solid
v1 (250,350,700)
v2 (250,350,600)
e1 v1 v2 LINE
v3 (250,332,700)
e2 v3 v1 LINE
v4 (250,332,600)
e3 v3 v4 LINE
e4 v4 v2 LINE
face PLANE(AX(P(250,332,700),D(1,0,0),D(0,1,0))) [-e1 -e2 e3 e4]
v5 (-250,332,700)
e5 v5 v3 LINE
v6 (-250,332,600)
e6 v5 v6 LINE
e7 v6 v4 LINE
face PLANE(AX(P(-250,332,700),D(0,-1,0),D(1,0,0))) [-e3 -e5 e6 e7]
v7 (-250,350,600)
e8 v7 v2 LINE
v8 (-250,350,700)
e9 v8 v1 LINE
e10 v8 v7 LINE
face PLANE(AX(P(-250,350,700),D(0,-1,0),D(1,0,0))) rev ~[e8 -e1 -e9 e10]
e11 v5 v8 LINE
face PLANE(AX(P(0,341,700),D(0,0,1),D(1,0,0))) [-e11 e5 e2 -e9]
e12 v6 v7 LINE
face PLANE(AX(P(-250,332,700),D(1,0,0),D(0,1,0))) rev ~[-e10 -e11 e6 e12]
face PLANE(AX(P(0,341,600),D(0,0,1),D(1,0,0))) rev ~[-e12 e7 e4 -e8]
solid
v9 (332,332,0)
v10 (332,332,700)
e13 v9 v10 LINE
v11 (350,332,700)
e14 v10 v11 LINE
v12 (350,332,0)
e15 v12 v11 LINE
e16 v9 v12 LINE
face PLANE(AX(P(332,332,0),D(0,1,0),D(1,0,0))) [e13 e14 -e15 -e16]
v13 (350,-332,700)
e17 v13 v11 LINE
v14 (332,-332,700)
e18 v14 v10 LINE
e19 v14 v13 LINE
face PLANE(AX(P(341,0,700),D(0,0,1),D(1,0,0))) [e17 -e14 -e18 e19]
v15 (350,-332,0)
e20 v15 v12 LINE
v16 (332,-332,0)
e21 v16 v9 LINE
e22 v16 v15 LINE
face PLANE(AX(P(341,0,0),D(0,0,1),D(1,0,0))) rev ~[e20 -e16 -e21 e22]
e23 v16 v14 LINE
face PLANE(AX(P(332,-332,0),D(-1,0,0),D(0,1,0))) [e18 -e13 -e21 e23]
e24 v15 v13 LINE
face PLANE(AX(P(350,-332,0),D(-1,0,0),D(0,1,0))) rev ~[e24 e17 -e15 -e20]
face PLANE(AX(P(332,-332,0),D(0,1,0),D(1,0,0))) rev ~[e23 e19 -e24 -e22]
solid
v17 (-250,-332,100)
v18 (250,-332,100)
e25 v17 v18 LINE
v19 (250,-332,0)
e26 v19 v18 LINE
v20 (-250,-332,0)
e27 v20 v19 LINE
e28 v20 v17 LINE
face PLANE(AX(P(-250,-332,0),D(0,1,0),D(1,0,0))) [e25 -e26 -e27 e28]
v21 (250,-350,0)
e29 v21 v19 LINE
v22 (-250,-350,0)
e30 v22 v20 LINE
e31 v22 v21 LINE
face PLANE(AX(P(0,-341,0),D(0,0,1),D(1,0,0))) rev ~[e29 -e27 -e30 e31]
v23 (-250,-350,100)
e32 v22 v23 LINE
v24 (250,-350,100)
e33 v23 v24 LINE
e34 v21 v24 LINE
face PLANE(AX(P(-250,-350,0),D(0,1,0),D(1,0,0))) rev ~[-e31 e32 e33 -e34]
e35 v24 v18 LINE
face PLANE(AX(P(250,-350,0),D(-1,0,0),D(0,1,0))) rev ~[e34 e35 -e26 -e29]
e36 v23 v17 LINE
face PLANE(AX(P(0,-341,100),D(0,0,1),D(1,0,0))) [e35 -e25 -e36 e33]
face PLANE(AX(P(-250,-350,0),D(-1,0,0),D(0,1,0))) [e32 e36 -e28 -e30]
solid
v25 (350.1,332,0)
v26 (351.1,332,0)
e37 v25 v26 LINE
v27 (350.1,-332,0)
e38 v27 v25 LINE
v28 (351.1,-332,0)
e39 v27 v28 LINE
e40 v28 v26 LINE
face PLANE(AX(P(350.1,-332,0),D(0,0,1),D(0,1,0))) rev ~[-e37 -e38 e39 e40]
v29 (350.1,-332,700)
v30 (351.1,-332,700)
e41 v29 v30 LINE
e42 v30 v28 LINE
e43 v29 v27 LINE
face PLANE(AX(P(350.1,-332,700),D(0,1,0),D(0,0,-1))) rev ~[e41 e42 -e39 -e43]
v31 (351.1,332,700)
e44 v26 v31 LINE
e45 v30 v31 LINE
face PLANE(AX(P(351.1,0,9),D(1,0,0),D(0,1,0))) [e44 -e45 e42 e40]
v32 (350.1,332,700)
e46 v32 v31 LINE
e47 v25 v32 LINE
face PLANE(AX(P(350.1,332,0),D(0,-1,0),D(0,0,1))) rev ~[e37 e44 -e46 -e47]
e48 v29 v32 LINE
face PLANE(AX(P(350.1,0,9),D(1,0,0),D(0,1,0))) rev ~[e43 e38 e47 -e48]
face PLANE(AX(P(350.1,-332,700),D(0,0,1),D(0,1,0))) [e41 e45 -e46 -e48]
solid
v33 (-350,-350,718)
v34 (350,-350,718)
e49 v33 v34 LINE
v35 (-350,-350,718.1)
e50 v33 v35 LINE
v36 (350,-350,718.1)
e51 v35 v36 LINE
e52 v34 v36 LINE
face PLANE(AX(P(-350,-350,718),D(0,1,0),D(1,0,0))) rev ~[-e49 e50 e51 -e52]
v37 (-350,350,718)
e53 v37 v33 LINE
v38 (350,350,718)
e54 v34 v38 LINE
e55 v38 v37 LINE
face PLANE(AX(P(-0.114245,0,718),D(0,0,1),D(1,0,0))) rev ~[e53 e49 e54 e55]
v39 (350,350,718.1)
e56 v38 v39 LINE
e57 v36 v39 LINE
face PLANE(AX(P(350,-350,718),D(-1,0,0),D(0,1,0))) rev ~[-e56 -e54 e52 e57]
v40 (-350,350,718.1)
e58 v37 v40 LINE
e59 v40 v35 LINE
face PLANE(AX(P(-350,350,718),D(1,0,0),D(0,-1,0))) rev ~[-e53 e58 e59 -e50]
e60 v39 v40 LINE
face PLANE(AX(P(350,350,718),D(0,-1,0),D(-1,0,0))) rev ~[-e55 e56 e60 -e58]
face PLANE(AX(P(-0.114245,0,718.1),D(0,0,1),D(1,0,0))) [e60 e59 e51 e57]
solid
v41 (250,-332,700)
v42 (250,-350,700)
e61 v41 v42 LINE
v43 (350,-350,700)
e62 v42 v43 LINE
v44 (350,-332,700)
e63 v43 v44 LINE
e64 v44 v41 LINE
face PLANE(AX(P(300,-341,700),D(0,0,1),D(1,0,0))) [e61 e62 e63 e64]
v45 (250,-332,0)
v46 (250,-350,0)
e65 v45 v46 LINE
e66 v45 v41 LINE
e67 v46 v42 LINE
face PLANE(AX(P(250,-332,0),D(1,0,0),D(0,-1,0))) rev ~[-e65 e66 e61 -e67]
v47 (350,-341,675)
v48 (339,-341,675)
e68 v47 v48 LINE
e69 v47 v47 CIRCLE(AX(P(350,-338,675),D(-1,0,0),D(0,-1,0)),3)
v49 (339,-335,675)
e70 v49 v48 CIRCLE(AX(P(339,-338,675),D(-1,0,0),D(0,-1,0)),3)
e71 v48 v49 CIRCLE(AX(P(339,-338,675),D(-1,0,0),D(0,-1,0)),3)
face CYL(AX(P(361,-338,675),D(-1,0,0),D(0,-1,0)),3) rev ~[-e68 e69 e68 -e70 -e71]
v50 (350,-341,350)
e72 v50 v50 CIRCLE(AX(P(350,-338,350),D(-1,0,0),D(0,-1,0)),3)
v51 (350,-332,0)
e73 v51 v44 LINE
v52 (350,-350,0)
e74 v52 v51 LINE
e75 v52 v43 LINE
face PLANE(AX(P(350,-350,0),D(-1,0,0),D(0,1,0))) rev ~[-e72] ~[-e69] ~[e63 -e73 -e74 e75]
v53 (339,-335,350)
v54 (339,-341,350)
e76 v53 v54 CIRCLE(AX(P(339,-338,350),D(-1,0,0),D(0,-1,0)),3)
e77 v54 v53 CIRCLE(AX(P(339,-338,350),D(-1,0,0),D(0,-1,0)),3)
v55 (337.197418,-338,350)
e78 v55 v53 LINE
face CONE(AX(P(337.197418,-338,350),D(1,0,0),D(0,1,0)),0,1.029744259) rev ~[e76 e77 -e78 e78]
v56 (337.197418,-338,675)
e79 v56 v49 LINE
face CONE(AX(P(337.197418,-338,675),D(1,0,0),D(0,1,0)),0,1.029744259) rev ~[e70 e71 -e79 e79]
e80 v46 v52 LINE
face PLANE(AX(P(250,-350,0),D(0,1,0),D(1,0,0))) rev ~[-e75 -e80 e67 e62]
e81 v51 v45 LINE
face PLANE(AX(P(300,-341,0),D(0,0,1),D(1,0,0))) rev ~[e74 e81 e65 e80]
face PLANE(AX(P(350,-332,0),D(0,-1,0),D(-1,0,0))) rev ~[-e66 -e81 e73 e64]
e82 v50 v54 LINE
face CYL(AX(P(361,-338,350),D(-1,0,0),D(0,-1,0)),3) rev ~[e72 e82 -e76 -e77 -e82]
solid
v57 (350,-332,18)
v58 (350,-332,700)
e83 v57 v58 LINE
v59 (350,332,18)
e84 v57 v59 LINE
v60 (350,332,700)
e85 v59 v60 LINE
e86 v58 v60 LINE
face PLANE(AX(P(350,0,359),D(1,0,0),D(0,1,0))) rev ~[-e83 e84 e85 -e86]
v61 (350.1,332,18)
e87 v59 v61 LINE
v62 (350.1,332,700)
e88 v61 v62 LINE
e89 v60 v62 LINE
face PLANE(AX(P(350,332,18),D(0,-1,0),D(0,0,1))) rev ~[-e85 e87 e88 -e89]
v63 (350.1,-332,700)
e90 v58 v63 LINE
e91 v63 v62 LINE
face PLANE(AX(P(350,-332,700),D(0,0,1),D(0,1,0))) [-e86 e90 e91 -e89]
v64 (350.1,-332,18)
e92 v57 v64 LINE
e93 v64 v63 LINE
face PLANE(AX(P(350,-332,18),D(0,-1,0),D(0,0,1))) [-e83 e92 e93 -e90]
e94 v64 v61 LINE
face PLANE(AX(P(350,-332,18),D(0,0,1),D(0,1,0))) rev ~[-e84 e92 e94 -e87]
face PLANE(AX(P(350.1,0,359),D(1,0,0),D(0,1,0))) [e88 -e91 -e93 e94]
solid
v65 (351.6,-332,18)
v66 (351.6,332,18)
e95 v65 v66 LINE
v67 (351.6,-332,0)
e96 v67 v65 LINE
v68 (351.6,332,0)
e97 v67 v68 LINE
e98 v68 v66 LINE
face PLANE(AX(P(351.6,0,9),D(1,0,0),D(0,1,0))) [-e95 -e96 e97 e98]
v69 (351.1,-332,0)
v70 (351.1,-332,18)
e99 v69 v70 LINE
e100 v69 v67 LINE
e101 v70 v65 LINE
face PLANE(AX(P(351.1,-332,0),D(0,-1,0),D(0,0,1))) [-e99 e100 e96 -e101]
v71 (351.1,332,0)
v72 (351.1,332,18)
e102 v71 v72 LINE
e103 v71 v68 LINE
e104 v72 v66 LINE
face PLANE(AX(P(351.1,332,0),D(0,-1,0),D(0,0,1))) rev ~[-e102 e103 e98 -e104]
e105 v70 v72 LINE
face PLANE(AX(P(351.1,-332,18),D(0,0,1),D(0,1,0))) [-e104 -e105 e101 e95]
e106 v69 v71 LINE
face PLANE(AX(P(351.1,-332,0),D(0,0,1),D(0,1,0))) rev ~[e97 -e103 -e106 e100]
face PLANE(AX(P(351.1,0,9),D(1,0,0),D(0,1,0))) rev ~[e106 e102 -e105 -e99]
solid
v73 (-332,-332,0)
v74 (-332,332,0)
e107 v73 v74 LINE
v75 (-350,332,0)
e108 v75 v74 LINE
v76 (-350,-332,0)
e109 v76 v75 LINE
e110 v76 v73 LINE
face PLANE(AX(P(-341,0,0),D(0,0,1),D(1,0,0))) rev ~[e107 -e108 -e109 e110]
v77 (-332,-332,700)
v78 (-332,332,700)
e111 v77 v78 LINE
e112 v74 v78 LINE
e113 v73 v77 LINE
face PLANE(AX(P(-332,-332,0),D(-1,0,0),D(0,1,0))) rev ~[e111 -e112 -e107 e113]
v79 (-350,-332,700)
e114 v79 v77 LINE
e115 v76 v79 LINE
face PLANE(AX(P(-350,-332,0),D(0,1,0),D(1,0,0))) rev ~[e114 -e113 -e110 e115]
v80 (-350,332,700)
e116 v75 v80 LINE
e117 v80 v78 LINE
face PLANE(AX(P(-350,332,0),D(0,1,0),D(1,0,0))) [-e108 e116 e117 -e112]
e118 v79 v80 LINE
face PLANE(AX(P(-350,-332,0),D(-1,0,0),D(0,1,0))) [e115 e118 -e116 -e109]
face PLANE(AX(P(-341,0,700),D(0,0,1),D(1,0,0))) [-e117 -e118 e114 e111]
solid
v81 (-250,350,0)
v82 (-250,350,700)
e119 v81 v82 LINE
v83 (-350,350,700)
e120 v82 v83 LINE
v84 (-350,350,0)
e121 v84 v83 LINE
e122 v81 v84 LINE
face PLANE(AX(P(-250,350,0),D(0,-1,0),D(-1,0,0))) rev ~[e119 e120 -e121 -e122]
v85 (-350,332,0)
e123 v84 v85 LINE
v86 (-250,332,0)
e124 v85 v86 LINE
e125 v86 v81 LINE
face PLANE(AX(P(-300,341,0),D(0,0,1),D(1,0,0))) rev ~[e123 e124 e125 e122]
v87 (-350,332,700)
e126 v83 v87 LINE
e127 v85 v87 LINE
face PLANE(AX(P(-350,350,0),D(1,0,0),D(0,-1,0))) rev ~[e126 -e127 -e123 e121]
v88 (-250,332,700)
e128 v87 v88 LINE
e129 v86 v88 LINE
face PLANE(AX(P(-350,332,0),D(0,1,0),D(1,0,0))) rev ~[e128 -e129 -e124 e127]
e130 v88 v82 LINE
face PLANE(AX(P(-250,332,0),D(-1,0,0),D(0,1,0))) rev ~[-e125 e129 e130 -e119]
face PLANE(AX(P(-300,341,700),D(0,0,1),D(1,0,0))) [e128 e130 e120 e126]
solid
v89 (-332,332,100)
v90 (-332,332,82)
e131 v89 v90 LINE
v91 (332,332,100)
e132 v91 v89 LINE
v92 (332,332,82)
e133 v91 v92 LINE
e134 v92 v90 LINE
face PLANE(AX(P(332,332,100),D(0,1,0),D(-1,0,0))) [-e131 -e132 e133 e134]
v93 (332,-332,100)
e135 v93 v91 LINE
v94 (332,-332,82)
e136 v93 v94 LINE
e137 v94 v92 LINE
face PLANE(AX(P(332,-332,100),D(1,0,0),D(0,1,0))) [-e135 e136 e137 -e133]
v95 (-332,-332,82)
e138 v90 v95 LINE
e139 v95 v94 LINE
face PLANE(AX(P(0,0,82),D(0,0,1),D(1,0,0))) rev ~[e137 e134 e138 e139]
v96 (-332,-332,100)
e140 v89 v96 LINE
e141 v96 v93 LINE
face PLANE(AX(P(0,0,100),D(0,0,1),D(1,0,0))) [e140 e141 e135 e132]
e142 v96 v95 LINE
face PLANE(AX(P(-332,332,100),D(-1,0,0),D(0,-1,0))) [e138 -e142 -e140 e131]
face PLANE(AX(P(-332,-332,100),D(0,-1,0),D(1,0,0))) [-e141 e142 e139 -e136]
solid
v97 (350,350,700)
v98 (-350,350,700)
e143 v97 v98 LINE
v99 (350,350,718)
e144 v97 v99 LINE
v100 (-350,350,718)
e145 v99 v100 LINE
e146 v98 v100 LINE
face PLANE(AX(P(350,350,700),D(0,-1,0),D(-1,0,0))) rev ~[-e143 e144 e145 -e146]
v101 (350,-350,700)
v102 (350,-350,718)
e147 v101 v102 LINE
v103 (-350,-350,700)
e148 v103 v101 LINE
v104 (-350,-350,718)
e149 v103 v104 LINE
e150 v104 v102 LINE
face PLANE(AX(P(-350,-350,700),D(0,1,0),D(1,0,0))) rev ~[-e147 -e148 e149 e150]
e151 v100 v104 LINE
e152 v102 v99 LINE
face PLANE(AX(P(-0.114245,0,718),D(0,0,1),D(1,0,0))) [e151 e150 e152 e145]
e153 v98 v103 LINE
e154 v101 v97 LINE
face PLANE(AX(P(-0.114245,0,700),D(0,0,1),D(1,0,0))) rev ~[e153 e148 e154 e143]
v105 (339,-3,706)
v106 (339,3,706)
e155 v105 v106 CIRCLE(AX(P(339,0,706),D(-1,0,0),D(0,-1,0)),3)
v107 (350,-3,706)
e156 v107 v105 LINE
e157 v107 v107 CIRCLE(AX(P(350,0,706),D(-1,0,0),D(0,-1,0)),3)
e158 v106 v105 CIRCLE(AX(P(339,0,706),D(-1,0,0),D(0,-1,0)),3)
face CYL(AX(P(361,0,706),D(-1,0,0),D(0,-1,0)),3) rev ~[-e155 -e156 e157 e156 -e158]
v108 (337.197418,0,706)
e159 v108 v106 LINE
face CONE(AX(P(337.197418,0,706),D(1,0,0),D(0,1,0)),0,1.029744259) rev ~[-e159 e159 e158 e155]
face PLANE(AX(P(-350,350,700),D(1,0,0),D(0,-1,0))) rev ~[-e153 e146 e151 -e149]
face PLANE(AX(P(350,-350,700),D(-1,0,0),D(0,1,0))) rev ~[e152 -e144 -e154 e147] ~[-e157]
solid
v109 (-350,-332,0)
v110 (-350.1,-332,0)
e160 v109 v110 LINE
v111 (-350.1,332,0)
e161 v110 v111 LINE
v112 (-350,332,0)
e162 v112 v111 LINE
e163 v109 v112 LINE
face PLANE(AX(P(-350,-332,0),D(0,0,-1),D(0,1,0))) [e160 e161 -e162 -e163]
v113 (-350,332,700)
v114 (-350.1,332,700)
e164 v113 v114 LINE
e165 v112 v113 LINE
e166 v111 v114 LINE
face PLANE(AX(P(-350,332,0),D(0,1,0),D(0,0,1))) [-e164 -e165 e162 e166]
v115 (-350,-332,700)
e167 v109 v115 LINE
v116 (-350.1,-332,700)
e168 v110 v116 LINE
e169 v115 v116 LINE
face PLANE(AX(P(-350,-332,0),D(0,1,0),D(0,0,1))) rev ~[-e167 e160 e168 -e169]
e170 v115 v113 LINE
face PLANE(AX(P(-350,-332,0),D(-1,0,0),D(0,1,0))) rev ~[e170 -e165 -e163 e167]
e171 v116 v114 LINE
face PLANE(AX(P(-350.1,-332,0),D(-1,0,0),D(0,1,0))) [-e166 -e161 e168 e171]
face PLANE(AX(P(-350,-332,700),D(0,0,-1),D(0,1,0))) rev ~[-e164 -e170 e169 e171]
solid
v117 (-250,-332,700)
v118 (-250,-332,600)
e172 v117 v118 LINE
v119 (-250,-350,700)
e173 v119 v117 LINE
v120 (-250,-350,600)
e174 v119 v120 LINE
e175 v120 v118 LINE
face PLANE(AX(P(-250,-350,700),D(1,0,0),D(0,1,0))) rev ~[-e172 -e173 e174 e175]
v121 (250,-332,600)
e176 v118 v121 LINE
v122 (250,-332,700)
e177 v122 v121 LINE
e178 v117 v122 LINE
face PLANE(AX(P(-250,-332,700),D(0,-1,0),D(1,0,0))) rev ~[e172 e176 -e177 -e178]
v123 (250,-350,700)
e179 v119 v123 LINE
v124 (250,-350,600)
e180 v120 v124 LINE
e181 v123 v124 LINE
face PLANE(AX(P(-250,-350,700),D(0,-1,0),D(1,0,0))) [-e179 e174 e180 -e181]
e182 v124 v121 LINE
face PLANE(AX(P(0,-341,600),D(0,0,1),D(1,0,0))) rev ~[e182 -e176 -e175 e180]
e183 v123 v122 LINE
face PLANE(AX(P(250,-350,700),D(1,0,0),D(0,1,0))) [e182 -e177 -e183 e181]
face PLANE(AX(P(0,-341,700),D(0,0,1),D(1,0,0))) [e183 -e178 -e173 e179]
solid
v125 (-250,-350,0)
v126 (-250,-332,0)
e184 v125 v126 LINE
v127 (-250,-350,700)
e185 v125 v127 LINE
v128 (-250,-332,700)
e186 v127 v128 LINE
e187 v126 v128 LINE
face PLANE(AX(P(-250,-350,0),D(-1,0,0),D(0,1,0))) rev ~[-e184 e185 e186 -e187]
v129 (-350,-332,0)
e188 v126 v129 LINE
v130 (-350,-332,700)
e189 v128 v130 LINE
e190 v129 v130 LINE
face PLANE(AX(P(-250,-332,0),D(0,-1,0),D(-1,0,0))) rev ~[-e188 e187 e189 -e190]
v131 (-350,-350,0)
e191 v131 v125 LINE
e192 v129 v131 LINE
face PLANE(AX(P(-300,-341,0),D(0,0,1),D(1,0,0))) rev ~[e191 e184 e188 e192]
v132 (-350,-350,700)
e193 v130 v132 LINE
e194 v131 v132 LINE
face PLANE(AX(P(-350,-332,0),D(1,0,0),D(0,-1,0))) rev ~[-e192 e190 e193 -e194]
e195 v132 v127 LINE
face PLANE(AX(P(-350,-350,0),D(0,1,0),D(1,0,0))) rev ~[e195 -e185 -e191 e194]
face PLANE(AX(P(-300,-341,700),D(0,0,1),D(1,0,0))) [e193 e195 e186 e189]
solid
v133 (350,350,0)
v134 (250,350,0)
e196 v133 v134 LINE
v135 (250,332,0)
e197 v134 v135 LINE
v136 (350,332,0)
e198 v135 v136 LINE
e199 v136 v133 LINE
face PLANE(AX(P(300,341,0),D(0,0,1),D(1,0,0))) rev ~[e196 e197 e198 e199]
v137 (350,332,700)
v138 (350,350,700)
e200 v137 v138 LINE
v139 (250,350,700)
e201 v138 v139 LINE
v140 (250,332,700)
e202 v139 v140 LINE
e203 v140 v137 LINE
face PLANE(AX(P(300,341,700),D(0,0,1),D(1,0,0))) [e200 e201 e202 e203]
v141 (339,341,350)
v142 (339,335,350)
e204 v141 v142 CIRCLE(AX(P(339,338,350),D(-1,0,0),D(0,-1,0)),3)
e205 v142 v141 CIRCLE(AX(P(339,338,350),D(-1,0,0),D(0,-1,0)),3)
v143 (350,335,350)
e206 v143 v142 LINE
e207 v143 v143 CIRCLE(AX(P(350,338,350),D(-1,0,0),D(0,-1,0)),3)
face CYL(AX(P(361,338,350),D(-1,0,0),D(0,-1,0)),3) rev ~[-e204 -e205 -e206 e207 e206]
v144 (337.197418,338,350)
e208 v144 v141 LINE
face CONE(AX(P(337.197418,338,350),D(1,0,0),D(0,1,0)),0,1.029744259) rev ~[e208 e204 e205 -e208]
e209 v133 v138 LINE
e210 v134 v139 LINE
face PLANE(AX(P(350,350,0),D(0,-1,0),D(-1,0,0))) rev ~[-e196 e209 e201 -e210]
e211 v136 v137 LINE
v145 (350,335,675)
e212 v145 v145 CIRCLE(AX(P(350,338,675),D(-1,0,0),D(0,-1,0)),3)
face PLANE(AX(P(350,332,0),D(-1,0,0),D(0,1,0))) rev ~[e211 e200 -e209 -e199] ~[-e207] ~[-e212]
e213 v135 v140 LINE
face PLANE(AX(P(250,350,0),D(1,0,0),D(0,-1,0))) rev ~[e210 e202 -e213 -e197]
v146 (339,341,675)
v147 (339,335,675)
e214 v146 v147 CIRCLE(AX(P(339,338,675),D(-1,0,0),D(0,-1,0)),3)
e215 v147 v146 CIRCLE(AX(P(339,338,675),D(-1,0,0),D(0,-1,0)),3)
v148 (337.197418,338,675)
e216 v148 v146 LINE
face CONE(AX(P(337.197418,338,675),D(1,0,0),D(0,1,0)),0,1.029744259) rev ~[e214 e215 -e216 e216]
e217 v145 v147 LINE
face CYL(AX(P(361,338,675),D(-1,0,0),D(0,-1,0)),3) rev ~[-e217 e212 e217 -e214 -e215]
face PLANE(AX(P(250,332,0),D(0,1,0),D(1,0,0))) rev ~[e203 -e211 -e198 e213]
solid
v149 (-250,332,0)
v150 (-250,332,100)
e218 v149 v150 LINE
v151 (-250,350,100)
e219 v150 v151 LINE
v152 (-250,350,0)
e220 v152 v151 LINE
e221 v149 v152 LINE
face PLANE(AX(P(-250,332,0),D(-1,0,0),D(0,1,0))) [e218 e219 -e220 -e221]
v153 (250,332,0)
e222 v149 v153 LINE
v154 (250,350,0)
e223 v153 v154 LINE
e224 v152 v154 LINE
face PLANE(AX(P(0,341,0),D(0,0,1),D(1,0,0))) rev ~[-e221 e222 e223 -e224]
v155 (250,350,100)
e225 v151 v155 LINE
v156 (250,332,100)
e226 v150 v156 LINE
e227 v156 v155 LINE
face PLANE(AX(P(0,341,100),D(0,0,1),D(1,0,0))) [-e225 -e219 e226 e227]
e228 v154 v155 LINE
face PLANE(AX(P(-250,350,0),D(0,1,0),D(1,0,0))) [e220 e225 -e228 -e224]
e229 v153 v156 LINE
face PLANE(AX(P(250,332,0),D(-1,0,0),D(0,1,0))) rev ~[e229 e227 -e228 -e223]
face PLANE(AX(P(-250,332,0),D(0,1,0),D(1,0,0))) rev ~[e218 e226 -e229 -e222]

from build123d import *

# Parameters (mm, degrees)
F1_DEPTH    = 700
F0_W        = 18
F0_H        = 664
F2_DEPTH    = 700
F0_W_2      = 500
F0_H_2      = 18
F3_DEPTH    = 100
F4_W        = 500
F4_H        = 18
F5_DEPTH    = 100
F7_DEPTH    = 18
F8_W        = 18
F8_H        = 664
F9_DEPTH    = 18
F10_DEPTH   = 0.1
F11_DEPTH   = 0.1
F12_W       = 664
F12_H       = 682
F13_DEPTH   = 0.1
F14_W       = 664
F14_H       = 18
F14_H_2     = 682
F15_DEPTH   = 1
F16_W       = 664
F16_H       = 18
F17_DEPTH   = 0.5
F19_D       = 6
F19_DEPTH   = 11
F19_TIP     = 1.8025818571
F19_2_D     = 6
F19_2_DEPTH = 11
F19_2_TIP   = 1.8025818571
F19_3_D     = 6
F19_3_DEPTH = 11
F19_3_TIP   = 1.8025818571


with BuildPart() as f1:
    # F0 (on Top) → F1 (new body)
    with BuildSketch(Plane.XY):
        Polygon((-350, -350), (-250, -350), (-250, -332), (-332, -332), (-350, -332), align=None)
    extrude(amount=F1_DEPTH)


with BuildPart() as f1b:
    # F0 (on Top) → F1, piece 2 (new body)
    with BuildSketch(Plane.XY):
        Polygon((250, -350), (350, -350), (350, -332), (332, -332), (250, -332), align=None)
    extrude(amount=F1_DEPTH)

    # F19
    with Locations(Plane.YZ.offset(350)):
        with Locations((-338, 675), (0, 706), (338, 675), (338, 350), (-338, 350)):
            Hole(F19_D / 2, depth=F19_DEPTH)
            with Locations((0, 0, -(F19_DEPTH + F19_TIP / 2))):  # 118° drill point
                Cone(0, F19_D / 2, F19_TIP, mode=Mode.SUBTRACT)


with BuildPart() as f1c:
    # F0 (on Top) → F1, piece 3 (new body)
    with BuildSketch(Plane.XY):
        Polygon((332, 332), (350, 332), (350, 350), (250, 350), (250, 332), align=None)
    extrude(amount=F1_DEPTH)

    # F19#2
    with Locations(Plane.YZ.offset(350)):
        with Locations((-338, 675), (0, 706), (338, 675), (338, 350), (-338, 350)):
            Hole(F19_2_D / 2, depth=F19_2_DEPTH)
            with Locations((0, 0, -(F19_2_DEPTH + F19_2_TIP / 2))):  # 118° drill point
                Cone(0, F19_2_D / 2, F19_2_TIP, mode=Mode.SUBTRACT)


with BuildPart() as f1d:
    # F0 (on Top) → F1, piece 4 (new body)
    with BuildSketch(Plane.XY):
        Polygon((-350, 350), (-350, 332), (-332, 332), (-250, 332), (-250, 350), align=None)
    extrude(amount=F1_DEPTH)


with BuildPart() as f2:
    # F0 (on Top) → F2 (new body, through all)
    with BuildSketch(Plane.XY):
        with Locations((-341, 0)):
            Rectangle(F0_W, F0_H)
    extrude(amount=F2_DEPTH)


with BuildPart() as f2b:
    # F0 (on Top) → F2, piece 2 (new body, through all)
    with BuildSketch(Plane.XY):
        with Locations((341, 0)):
            Rectangle(F0_W, F0_H)
    extrude(amount=F2_DEPTH)


with BuildPart() as f3:
    # F0 (on Top) → F3 (new body)
    with BuildSketch(Plane.XY):
        with Locations((0, -341)):
            Rectangle(F0_W_2, F0_H_2)
    extrude(amount=F3_DEPTH)


with BuildPart() as f3b:
    # F0 (on Top) → F3, piece 2 (new body)
    with BuildSketch(Plane.XY):
        with Locations((0, 341)):
            Rectangle(F0_W_2, F0_H_2)
    extrude(amount=F3_DEPTH)


with BuildPart() as f5:
    # F4 (on face) → F5 (new body)
    with BuildSketch(Plane.XY.offset(700)):
        with Locations((0, 341)):
            Rectangle(F4_W, F4_H)
    extrude(amount=-F5_DEPTH)


with BuildPart() as f5b:
    # F4 (on face) → F5, piece 2 (new body)
    with BuildSketch(Plane.XY.offset(700)):
        with Locations((0, -341)):
            Rectangle(F4_W, F4_H)
    extrude(amount=-F5_DEPTH)


with BuildPart() as f7:
    # F6 (on face) → F7 (new body)
    with BuildSketch(Plane.XY.offset(100)):
        Polygon((332, -332), (332, 332), (250, 332), (-250, 332), (-332, 332), (-332, -332), align=None)
    extrude(amount=-F7_DEPTH)


with BuildPart() as f9:
    # F8 (on face) → F9 (new body)
    with BuildSketch(Plane.XY.offset(700)):
        Polygon((250, 350), (-250, 350), (-350, 350), (-350, 332), (-332, 332), (-332, -332), (-350, -332), (-350, -350), (-250, -350), (250, -350), (350, -350), (350, -332), (350, 332), (350, 350), align=None)
        with Locations((-341, 0)):
            Rectangle(F8_W, F8_H)
    extrude(amount=F9_DEPTH)


with BuildPart() as f10:
    # F10 (new): a face of the model
    f10_faces = [f9.part.faces().sort_by_distance(p)[0] for p in [
        (0, 0, 718),
    ]]
    extrude(f10_faces, amount=F10_DEPTH)


with BuildPart() as f11:
    # F11 (new): a face of the model
    f11_faces = [f2.part.faces().sort_by_distance(p)[0] for p in [
        (-350, 0, 350),
    ]]
    extrude(f11_faces, amount=F11_DEPTH)


with BuildPart() as f13:
    # F12 (on face) → F13 (new body)
    with BuildSketch(Plane.YZ.offset(350)):
        with Locations((0, 359)):
            Rectangle(F12_W, F12_H)
    extrude(amount=F13_DEPTH)


with BuildPart() as f15:
    # F14 (on face) → F15 (new body)
    with BuildSketch(Plane.YZ.offset(350.1)):
        with Locations((0, 9)):
            Rectangle(F14_W, F14_H)
        with Locations((0, 359)):
            Rectangle(F14_W, F14_H_2)
    extrude(amount=F15_DEPTH)


with BuildPart() as f17:
    # F16 (on face) → F17 (new body)
    with BuildSketch(Plane.YZ.offset(351.1)):
        with Locations((0, 9)):
            Rectangle(F16_W, F16_H)
    extrude(amount=F17_DEPTH)


with BuildPart() as f9_1:
    add(f9.part)

    # F19#3
    with Locations(Plane.YZ.offset(350)):
        with Locations((-338, 675), (0, 706), (338, 675), (338, 350), (-338, 350)):
            Hole(F19_3_D / 2, depth=F19_3_DEPTH)
            with Locations((0, 0, -(F19_3_DEPTH + F19_3_TIP / 2))):  # 118° drill point
                Cone(0, F19_3_D / 2, F19_3_TIP, mode=Mode.SUBTRACT)


solid = Compound([f1.part, f1b.part, f1c.part, f1d.part, f2.part, f2b.part, f3.part, f3b.part, f5.part, f5b.part, f7.part, f10.part, f11.part, f13.part, f15.part, f17.part, f9_1.part])
